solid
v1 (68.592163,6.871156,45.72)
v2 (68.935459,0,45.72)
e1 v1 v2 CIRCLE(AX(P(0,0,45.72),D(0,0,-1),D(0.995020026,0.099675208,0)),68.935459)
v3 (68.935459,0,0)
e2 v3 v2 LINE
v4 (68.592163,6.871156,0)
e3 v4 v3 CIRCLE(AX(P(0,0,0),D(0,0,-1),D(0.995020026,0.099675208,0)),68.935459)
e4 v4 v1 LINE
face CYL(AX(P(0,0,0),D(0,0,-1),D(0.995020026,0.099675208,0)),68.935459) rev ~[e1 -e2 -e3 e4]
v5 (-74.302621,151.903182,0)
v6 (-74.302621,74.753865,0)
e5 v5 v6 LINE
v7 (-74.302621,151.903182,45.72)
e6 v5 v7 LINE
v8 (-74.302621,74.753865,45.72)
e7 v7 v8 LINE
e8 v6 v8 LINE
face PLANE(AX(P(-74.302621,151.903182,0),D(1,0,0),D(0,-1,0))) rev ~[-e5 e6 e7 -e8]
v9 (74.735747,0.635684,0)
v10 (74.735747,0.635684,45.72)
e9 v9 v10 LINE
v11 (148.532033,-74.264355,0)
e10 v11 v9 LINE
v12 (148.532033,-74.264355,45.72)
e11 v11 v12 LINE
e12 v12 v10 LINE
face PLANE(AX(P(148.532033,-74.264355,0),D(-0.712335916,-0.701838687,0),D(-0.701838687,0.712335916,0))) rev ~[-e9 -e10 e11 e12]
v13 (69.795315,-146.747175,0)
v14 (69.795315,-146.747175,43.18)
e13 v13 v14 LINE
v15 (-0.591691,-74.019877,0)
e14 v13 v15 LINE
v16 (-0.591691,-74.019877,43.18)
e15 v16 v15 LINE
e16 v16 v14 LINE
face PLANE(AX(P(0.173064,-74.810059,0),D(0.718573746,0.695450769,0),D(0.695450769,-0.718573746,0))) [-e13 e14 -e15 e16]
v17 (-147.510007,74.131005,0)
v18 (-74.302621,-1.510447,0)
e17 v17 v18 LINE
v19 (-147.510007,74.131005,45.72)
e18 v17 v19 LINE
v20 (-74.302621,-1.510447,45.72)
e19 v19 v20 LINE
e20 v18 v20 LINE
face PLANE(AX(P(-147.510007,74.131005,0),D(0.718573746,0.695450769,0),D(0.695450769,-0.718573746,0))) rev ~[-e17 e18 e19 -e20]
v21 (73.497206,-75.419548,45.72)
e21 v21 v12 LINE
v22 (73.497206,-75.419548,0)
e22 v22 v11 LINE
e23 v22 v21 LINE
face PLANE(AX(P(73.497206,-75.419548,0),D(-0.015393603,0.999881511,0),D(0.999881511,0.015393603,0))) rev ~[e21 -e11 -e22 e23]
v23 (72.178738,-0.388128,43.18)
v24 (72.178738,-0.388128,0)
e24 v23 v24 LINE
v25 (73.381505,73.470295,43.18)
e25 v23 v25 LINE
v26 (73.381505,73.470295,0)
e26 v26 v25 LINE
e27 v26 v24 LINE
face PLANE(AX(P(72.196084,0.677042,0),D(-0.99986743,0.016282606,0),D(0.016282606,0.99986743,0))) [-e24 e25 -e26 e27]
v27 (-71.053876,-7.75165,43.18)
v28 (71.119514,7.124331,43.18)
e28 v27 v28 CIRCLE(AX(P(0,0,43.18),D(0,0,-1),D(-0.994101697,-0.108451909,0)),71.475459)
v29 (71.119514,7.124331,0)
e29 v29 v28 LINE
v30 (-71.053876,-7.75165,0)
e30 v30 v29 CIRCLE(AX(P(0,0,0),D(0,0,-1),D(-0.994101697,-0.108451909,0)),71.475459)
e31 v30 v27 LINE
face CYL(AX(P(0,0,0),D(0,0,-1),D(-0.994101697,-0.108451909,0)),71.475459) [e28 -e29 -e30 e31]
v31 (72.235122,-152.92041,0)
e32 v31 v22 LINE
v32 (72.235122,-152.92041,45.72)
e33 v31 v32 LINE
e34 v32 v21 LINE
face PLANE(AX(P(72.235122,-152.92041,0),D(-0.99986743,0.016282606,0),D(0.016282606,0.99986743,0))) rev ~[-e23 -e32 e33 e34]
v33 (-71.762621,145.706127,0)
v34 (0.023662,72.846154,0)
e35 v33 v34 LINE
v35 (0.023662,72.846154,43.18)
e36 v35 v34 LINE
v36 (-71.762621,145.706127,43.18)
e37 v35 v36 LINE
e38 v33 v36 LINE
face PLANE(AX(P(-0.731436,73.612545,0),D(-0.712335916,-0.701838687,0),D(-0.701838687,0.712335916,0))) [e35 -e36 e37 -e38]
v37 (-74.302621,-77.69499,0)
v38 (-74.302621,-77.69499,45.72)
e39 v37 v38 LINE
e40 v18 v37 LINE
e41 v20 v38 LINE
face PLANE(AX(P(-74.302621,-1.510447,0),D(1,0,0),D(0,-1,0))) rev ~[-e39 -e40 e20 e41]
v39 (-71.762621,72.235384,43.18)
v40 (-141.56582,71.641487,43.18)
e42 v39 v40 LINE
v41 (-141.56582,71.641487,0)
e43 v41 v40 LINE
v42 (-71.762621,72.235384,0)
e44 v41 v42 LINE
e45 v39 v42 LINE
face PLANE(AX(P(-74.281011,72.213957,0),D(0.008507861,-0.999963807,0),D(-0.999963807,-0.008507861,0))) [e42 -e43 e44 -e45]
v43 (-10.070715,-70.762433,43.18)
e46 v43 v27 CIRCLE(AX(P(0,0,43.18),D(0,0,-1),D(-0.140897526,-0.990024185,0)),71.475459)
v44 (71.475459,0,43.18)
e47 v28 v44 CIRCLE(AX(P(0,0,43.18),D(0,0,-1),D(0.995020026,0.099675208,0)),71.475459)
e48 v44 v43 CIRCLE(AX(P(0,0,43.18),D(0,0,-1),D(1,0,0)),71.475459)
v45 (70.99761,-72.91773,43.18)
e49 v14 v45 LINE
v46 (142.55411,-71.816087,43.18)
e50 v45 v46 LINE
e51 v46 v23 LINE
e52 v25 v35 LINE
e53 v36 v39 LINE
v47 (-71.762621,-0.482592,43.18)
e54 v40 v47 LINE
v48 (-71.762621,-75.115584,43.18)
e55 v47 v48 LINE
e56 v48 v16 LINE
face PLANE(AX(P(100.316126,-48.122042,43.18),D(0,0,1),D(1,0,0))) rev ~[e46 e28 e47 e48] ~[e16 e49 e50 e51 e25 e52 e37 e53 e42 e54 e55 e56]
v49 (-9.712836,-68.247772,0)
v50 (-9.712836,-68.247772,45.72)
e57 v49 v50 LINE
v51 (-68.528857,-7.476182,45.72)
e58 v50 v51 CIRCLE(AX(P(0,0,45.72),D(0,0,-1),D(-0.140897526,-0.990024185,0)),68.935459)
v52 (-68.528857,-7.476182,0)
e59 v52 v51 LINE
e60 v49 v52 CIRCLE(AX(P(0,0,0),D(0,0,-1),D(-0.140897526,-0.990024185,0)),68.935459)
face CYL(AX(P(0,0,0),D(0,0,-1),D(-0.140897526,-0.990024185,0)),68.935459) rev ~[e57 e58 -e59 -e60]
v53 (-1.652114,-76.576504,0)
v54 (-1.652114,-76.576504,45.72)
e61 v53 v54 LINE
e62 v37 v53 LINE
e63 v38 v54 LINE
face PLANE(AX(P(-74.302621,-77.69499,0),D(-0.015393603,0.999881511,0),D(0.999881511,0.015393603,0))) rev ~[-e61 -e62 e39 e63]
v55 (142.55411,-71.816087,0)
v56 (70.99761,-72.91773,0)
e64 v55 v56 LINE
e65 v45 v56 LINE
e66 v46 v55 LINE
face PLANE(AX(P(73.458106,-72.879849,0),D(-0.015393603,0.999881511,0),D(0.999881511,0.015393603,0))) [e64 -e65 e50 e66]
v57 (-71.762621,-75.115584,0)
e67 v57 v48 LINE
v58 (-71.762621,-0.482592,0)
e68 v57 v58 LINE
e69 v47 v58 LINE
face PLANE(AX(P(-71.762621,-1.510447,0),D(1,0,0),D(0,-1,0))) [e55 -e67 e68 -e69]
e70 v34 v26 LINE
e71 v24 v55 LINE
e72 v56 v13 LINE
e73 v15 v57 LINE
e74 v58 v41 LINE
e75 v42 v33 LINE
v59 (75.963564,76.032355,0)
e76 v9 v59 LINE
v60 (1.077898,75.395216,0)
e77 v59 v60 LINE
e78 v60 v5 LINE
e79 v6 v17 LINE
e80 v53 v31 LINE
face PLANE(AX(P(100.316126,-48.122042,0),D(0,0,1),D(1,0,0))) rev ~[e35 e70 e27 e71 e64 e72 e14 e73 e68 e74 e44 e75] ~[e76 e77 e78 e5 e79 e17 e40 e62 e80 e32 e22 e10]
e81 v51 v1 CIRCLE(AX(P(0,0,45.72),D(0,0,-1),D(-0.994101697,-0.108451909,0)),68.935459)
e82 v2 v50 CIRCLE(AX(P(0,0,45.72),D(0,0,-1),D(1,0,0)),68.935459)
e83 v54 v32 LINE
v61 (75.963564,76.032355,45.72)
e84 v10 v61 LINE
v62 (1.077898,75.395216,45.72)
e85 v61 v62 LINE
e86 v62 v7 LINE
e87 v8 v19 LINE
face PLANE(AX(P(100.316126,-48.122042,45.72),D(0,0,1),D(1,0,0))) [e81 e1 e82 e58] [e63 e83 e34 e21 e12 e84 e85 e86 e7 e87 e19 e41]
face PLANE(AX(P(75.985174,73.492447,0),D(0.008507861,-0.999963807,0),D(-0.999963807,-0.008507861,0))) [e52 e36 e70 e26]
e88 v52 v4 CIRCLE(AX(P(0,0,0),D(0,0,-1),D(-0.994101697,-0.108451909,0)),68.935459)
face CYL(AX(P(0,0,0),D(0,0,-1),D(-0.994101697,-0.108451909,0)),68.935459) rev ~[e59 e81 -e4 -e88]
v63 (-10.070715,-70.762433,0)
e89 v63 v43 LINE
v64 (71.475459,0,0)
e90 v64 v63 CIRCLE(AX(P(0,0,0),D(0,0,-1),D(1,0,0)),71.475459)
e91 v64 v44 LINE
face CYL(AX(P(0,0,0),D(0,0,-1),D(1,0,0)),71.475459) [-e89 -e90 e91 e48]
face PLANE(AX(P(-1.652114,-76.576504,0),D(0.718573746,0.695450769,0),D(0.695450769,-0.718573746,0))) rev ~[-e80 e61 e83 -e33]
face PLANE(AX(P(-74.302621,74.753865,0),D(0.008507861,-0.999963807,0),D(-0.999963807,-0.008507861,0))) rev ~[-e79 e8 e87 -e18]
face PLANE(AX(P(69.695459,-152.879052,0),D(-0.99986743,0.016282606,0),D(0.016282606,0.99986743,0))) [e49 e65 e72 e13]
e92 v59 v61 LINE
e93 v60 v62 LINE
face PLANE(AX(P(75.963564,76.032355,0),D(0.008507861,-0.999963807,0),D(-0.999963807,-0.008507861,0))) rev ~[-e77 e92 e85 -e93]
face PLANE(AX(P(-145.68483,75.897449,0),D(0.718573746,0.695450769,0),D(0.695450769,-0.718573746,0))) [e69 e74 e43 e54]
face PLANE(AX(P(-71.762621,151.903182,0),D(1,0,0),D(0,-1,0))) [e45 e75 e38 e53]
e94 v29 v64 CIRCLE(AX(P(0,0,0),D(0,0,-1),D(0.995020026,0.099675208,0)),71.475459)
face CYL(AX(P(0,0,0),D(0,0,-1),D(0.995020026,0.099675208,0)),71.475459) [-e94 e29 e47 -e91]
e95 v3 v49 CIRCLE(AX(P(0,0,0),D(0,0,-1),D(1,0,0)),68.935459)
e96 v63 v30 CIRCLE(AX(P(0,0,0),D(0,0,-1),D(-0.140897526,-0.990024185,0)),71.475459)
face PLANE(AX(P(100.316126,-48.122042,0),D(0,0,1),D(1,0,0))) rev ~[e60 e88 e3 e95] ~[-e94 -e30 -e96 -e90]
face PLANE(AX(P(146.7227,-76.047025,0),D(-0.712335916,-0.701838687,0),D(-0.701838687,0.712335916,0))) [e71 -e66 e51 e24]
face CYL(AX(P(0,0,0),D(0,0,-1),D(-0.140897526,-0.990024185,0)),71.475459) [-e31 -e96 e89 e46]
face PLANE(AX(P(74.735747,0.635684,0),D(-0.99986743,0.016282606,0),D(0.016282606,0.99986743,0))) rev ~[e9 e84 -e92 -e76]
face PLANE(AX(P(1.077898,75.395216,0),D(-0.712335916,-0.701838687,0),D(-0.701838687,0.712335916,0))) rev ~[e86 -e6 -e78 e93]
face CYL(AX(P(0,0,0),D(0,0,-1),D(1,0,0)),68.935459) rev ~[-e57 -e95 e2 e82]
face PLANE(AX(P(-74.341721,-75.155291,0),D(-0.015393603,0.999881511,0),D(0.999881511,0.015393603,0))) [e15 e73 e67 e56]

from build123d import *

# Parameters (mm, degrees)
F1_DEPTH = 45.72
F2_T     = -2.54


with BuildPart() as f1:
    # F0 (on Top) → F1 (new body)
    with BuildSketch(Plane.XY):
        Polygon((73.497205615, -75.4195482397), (148.5320329666, -74.2643550038), (74.735747165, 0.6356836955), align=None)
        with BuildLine():
            Line((73.497205615, -75.4195482397), (74.735747165, 0.6356836955))
            Line((74.735747165, 0.6356836955), (68.5921626755, 6.8711562673))
            ThreePointArc((68.5921626755, 6.8711562673), (68.8495817611, 3.4398634101), (68.9354594455, 0))
            ThreePointArc((68.9354594455, 0), (45.1804093562, -52.0656141744), (-9.7128356749, -68.247772067))
            Line((-9.7128356749, -68.247772067), (-1.652113798, -76.5765041298))
            Line((-1.652113798, -76.5765041298), (73.497205615, -75.4195482397))
        make_face()
        with BuildLine():
            Line((68.5921626755, 6.8711562673), (74.735747165, 0.6356836955))
            Line((74.735747165, 0.6356836955), (75.9635642171, 76.0323554277))
            Line((75.9635642171, 76.0323554277), (1.0778976806, 75.3952155197))
            Line((1.0778976806, 75.3952155197), (7.8886438881, 68.4826026562))
            ThreePointArc((7.8886438881, 68.4826026562), (49.1052036417, 48.3815723625), (68.5921626755, 6.8711562673))
        make_face()
        Polygon((72.235122323, -152.920410037), (73.497205615, -75.4195482397), (-1.652113798, -76.5765041298), align=None)
        with BuildLine():
            Line((-74.3026211858, -77.6949897408), (-1.652113798, -76.5765041298))
            Line((-1.652113798, -76.5765041298), (-9.7128356749, -68.247772067))
            ThreePointArc((-9.7128356749, -68.247772067), (-49.5352113263, -47.9412182554), (-68.5288572015, -7.4761821553))
            Line((-68.5288572015, -7.4761821553), (-74.3026211858, -1.5104468336))
            Line((-74.3026211858, -1.5104468336), (-74.3026211858, -77.6949897408))
        make_face()
        with BuildLine():
            ThreePointArc((-68.5288572015, -7.4761821553), (-48.5977686235, 48.891251301), (7.8886438881, 68.4826026562))
            Line((7.8886438881, 68.4826026562), (1.0778976806, 75.3952155197))
            Line((1.0778976806, 75.3952155197), (-74.3026211858, 74.7538653245))
            Line((-74.3026211858, 74.7538653245), (-74.3026211858, -1.5104468336))
            Line((-74.3026211858, -1.5104468336), (-68.5288572015, -7.4761821553))
        make_face()
        Polygon((-74.3026211858, 74.7538653245), (1.0778976806, 75.3952155197), (-74.3026211858, 151.9031822681), align=None)
        Polygon((-74.3026211858, -1.5104468336), (-74.3026211858, 74.7538653245), (-147.5100070238, 74.1310045123), align=None)
    extrude(amount=F1_DEPTH)

    # F2
    f2_openings = [f1.faces().sort_by_distance(p)[0] for p in [
        (108.607021, -39.796599, 0),
    ]]
    offset(amount=F2_T, openings=f2_openings, kind=Kind.INTERSECTION)


solid = f1.part
